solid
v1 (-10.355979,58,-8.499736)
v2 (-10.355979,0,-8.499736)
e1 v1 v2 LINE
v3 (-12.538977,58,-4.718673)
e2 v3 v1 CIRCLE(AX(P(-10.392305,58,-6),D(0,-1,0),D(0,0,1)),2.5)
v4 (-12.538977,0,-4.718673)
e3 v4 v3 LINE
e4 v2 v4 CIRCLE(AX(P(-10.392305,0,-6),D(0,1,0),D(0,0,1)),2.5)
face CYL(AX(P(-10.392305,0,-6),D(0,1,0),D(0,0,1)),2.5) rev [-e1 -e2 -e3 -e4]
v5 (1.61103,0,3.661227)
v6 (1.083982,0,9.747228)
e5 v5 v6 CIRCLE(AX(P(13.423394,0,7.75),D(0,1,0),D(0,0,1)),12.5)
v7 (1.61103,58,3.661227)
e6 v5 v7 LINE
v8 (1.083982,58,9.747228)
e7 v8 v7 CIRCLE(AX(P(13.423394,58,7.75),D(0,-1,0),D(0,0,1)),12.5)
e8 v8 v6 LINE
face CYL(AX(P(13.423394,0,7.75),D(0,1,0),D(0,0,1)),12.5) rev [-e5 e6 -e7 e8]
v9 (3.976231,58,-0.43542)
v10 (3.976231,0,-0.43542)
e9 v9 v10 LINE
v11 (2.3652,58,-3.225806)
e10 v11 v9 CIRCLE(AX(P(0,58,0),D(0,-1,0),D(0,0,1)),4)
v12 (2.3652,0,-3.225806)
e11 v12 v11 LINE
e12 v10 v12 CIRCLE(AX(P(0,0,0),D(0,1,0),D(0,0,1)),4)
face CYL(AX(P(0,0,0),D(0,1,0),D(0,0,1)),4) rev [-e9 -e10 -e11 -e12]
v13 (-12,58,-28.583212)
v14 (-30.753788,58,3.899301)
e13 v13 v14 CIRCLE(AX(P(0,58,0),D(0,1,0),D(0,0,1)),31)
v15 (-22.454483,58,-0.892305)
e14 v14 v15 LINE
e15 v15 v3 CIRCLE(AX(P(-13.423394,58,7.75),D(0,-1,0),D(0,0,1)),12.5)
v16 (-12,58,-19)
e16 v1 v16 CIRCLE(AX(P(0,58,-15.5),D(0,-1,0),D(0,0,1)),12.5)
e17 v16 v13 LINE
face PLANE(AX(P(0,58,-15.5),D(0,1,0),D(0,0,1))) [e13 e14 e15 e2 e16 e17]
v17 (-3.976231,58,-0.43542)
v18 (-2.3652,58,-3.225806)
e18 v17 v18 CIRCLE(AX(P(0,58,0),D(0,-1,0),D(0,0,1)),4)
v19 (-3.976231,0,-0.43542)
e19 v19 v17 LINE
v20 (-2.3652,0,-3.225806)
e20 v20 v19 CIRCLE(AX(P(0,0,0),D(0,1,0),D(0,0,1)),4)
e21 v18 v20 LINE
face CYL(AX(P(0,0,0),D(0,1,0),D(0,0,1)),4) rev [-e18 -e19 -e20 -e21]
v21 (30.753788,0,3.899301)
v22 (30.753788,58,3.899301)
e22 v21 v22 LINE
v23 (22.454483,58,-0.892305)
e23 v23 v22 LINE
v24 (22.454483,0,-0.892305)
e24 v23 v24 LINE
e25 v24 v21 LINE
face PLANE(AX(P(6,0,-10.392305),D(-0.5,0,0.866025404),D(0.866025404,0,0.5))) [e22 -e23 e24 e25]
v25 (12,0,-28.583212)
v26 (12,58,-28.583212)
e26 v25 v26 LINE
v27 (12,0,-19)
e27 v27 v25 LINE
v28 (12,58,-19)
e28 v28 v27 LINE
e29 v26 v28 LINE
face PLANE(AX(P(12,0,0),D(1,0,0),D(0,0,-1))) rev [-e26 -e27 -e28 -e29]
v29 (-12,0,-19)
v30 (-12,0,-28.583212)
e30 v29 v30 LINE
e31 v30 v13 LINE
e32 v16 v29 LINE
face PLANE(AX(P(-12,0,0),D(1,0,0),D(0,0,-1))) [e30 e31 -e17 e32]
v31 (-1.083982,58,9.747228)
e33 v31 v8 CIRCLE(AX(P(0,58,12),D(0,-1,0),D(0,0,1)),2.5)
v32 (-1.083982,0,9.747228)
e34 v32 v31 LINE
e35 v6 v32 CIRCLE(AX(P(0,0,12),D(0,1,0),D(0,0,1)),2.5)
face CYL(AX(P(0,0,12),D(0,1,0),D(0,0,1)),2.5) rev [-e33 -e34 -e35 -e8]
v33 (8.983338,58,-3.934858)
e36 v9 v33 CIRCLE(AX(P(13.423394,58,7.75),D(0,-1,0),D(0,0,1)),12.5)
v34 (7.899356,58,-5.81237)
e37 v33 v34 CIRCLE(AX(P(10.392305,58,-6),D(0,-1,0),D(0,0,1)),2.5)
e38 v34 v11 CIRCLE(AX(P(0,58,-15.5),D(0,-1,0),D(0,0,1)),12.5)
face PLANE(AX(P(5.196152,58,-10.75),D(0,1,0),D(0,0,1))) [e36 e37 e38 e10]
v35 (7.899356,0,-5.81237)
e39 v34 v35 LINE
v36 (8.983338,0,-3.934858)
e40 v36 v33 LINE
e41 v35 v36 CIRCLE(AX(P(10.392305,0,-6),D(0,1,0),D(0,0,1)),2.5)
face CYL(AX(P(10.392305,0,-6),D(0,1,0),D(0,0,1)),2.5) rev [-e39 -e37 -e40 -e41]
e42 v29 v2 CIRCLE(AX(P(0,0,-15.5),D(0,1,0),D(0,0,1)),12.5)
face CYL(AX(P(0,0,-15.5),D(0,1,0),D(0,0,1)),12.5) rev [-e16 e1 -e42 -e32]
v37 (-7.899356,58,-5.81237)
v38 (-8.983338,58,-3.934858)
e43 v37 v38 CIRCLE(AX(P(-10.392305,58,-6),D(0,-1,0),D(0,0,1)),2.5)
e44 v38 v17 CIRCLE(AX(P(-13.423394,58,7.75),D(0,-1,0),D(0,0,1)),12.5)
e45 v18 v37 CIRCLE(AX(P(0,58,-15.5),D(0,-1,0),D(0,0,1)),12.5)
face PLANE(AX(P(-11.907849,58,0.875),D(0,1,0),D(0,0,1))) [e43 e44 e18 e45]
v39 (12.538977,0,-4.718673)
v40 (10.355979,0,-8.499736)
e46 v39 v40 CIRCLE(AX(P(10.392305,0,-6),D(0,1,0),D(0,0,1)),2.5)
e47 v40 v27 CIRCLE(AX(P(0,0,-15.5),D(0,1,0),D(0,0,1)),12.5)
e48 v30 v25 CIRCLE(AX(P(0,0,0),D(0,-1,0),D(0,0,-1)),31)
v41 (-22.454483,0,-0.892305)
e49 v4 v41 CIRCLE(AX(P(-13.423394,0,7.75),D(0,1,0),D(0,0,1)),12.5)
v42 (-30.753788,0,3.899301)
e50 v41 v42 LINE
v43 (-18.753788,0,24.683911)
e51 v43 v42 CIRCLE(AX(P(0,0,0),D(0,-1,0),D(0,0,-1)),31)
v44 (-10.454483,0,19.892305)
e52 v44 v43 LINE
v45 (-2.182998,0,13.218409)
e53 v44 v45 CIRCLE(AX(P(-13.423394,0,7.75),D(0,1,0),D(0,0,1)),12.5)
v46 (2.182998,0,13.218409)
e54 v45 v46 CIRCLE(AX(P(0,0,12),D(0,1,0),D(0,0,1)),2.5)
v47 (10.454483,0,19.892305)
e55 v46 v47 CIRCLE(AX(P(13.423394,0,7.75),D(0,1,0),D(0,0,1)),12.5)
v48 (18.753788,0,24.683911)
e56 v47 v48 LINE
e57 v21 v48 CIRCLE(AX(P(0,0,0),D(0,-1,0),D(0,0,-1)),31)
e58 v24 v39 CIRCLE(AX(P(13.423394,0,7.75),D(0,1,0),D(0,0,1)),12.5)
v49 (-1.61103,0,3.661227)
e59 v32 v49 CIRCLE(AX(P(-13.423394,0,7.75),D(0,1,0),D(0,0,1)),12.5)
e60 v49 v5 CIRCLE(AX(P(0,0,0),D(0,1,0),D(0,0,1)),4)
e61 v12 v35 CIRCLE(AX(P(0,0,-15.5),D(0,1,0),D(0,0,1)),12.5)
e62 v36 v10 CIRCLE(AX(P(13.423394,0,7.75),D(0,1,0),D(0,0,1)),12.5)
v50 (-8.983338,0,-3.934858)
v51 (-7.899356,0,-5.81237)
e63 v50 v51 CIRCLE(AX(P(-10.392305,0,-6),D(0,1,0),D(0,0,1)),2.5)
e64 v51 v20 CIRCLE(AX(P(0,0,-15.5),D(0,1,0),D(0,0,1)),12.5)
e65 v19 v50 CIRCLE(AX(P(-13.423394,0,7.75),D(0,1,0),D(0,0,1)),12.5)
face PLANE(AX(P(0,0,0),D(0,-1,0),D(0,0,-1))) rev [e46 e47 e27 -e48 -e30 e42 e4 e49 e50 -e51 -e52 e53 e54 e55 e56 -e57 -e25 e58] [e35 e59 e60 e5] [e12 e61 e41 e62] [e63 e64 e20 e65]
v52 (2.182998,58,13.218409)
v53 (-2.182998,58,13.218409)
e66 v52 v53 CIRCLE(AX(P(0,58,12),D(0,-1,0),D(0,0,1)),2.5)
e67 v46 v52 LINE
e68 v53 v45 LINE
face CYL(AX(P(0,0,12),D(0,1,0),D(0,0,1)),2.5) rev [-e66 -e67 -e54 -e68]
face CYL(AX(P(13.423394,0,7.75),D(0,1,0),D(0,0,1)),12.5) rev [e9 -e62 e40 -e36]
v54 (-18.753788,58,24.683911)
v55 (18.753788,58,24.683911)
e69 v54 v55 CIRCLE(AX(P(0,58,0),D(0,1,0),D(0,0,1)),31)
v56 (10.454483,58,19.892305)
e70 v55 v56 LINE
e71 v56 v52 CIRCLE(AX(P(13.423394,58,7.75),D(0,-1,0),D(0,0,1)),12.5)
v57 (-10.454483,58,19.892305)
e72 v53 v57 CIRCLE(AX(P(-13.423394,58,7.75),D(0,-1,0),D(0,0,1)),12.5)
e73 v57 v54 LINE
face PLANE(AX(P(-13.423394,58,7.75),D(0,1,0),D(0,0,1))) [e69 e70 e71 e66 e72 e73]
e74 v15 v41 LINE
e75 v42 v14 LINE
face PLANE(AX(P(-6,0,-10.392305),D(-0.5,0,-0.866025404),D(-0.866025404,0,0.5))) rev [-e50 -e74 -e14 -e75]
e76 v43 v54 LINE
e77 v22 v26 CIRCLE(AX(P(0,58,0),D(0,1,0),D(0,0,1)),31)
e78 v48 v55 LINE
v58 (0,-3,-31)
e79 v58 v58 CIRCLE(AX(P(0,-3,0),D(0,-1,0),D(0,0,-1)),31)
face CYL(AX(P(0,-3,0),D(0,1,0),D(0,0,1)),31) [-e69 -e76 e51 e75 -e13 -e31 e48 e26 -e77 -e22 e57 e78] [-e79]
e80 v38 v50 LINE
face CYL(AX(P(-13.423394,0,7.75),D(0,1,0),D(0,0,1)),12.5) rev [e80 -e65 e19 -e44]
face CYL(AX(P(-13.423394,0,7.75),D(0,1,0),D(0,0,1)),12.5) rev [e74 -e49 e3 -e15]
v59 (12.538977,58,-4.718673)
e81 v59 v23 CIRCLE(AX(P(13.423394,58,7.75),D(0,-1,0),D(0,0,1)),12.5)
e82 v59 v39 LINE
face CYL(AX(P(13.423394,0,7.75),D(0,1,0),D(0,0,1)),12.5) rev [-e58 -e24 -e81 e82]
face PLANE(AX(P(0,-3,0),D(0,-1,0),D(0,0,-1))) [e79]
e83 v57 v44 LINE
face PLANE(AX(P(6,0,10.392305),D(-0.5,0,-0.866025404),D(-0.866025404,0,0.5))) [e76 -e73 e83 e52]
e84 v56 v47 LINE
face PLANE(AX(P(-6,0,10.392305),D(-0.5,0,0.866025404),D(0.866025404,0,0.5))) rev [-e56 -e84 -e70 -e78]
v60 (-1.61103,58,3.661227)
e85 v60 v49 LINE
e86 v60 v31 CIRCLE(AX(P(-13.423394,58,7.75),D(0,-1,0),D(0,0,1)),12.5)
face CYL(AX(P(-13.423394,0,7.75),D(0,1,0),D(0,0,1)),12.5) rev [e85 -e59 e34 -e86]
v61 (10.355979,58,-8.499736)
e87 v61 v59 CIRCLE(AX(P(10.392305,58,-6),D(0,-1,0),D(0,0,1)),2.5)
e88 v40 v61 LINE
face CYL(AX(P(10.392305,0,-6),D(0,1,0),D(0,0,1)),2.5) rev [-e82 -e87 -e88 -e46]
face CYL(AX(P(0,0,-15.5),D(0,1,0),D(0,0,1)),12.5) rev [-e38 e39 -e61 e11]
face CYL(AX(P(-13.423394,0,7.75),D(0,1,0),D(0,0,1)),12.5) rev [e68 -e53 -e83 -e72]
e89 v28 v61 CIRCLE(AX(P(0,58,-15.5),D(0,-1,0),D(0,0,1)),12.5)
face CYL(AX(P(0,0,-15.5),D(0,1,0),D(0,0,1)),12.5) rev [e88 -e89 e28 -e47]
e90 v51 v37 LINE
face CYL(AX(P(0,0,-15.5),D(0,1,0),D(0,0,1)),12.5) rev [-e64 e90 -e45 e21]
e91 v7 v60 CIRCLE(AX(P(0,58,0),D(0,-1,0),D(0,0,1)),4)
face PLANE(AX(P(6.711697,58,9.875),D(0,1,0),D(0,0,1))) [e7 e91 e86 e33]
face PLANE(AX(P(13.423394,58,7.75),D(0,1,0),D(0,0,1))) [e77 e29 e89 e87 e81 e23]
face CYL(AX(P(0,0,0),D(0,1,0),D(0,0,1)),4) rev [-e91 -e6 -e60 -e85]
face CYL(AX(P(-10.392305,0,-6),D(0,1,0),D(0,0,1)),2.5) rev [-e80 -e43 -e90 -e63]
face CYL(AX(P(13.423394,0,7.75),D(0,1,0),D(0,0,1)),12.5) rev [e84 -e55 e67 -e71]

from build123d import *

# Parameters (mm, degrees)
SKETCH1_R           = 31
BOSS_EXTRUDE1_DEPTH = 50
SKETCH2_R           = 12.5
CUT_EXTRUDE1_DEPTH  = 50
CUT_EXTRUDE2_DEPTH  = 50
SKETCH4_R           = 4
SKETCH4_R_2         = 2.5
CUT_EXTRUDE3_DEPTH  = 67.498120274
SKETCH6_R           = 31
BOSS_EXTRUDE2_DEPTH = 3
BOSS_EXTRUDE3_DEPTH = 8


with BuildPart() as part:
    # Sketch1 → Boss-Extrude1 (new body)
    with BuildSketch(Plane(origin=(0, 0, 0), x_dir=(1, 0, 0), z_dir=(0, 1, 0))):
        with Locations(Location((0, 0, 0), (0, 0, 270))):
            Circle(SKETCH1_R)
    extrude(amount=BOSS_EXTRUDE1_DEPTH)

    # Sketch2 → Cut-Extrude1 (cut)
    with BuildSketch(Plane(origin=(0, 50, 0), x_dir=(1, 0, 0), z_dir=(0, 1, 0))):
        with Locations(Location((0, 15.5, 0), (0, 0, 270))):
            Circle(SKETCH2_R)
        with Locations(Location((13.423393759, -7.75, 0), (0, 0, 270))):
            Circle(SKETCH2_R)
        with Locations(Location((-13.423393759, -7.75, 0), (0, 0, 270))):
            Circle(SKETCH2_R)
    extrude(amount=-CUT_EXTRUDE1_DEPTH, mode=Mode.SUBTRACT)

    # Sketch3 → Cut-Extrude2 (cut)
    with BuildSketch(Plane(origin=(0, 50, 0), x_dir=(1, 0, 0), z_dir=(0, 1, 0))):
        with BuildLine():
            ThreePointArc((-12, 19), (0, 28), (12, 19))
            Line((12, 19), (12, 28.583211856))
            ThreePointArc((12, 28.583211856), (0, 31), (-12, 28.583211856))
            Line((-12, 28.583211856), (-12, 19))
        make_face()
        with BuildLine():
            ThreePointArc((18.753787589, -24.683910773), (26.846787517, -15.5), (30.753787589, -3.899301083))
            Line((30.753787589, -3.899301083), (22.454482672, 0.892304845))
            ThreePointArc((22.454482672, 0.892304845), (24.248711306, -14), (10.454482672, -19.892304845))
            Line((10.454482672, -19.892304845), (18.753787589, -24.683910773))
        make_face()
        with BuildLine():
            Line((-22.454482672, 0.892304845), (-30.753787589, -3.899301083))
            ThreePointArc((-30.753787589, -3.899301083), (-26.846787517, -15.5), (-18.753787589, -24.683910773))
            Line((-18.753787589, -24.683910773), (-10.454482672, -19.892304845))
            ThreePointArc((-10.454482672, -19.892304845), (-24.248711306, -14), (-22.454482672, 0.892304845))
        make_face()
    extrude(amount=-CUT_EXTRUDE2_DEPTH, mode=Mode.SUBTRACT)

    # Sketch4 → Cut-Extrude3 (cut, through all)
    with BuildSketch(Plane(origin=(0, 50, 0), x_dir=(1, 0, 0), z_dir=(0, 1, 0))):
        Circle(SKETCH4_R)
        with Locations((-10.392304845, 6)):
            Circle(SKETCH4_R_2)
        with Locations((10.392304845, 6)):
            Circle(SKETCH4_R_2)
        with Locations((0, -12)):
            Circle(SKETCH4_R_2)
    extrude(amount=-CUT_EXTRUDE3_DEPTH, mode=Mode.SUBTRACT)


with BuildPart() as cut_extrude3_piece_1:
    # of the separate pieces the step leaves, piece 1, a body of its own (cut_extrude3_pieces)
    add(part.part.solids().sort_by_distance((-12.538976962, 0, -4.718673022))[0])



with BuildPart() as cut_extrude3_piece_2:
    # of the separate pieces the step leaves, piece 2, a body of its own (cut_extrude3_pieces)
    add(part.part.solids().sort_by_distance((-18.753787589, 0, 24.683910773))[0])


with BuildPart() as cut_extrude3_piece_3:
    # of the separate pieces the step leaves, piece 3, a body of its own (cut_extrude3_pieces)
    add(part.part.solids().sort_by_distance((12.538976962, 0, -4.718673022))[0])


with BuildPart() as cut_extrude3_piece_4:
    # of the separate pieces the step leaves, piece 4, a body of its own (cut_extrude3_pieces)
    add(part.part.solids().sort_by_distance((3.976230514, 0, -0.43542037))[0])


with BuildPart() as cut_extrude3_piece_5:
    # of the separate pieces the step leaves, piece 5, a body of its own (cut_extrude3_pieces)
    add(part.part.solids().sort_by_distance((-3.976230514, 0, -0.43542037))[0])


with BuildPart() as cut_extrude3_piece_6:
    # of the separate pieces the step leaves, piece 6, a body of its own (cut_extrude3_pieces)
    add(part.part.solids().sort_by_distance((-1.083982046, 0, 9.747227725))[0])


with BuildPart() as cut_extrude3_piece_1_1:
    add(cut_extrude3_piece_1.part)

    add(cut_extrude3_piece_2.part)  # Boss-Extrude2 merges Cut-Extrude3 piece 2

    add(cut_extrude3_piece_3.part)  # Boss-Extrude2 merges Cut-Extrude3 piece 3

    add(cut_extrude3_piece_4.part)  # Boss-Extrude2 merges Cut-Extrude3 piece 4

    add(cut_extrude3_piece_5.part)  # Boss-Extrude2 merges Cut-Extrude3 piece 5

    add(cut_extrude3_piece_6.part)  # Boss-Extrude2 merges Cut-Extrude3 piece 6
    # Sketch6 → Boss-Extrude2 (add)
    with BuildSketch(Plane.XZ):
        with Locations(Location((0, 0, 0), (0, 0, 127.226027599))):
            Circle(SKETCH6_R)
    extrude(amount=BOSS_EXTRUDE2_DEPTH)

    # Sketch7 → Boss-Extrude3 (add)
    with BuildSketch(Plane(origin=(0, 50, 0), x_dir=(1, 0, 0), z_dir=(0, 1, 0))):
        with BuildLine():
            Line((-10.454482672, -19.892304845), (-18.753787589, -24.683910773))
            ThreePointArc((-18.753787589, -24.683910773), (0, -31), (18.753787589, -24.683910773))
            Line((18.753787589, -24.683910773), (10.454482672, -19.892304845))
            ThreePointArc((10.454482672, -19.892304845), (5.574105702, -17.478241208), (2.182997772, -13.218409097))
            ThreePointArc((2.182997772, -13.218409097), (0, -14.5), (-2.182997772, -13.218409097))
            ThreePointArc((-2.182997772, -13.218409097), (-5.574105702, -17.478241208), (-10.454482672, -19.892304845))
        make_face()
        with BuildLine():
            Line((22.454482672, 0.892304845), (30.753787589, -3.899301083))
            ThreePointArc((30.753787589, -3.899301083), (26.846787517, 15.5), (12, 28.583211856))
            Line((12, 28.583211856), (12, 19))
            ThreePointArc((12, 19), (12.349548049, 13.566437746), (10.35597919, 8.499736075))
            ThreePointArc((10.35597919, 8.499736075), (12.557368355, 7.25), (12.538976962, 4.718673022))
            ThreePointArc((12.538976962, 4.718673022), (17.923653751, 3.911803463), (22.454482672, 0.892304845))
        make_face()
        with BuildLine():
            Line((-12, 19), (-12, 28.583211856))
            ThreePointArc((-12, 28.583211856), (-26.846787517, 15.5), (-30.753787589, -3.899301083))
            Line((-30.753787589, -3.899301083), (-22.454482672, 0.892304845))
            ThreePointArc((-22.454482672, 0.892304845), (-17.923653751, 3.911803463), (-12.538976962, 4.718673022))
            ThreePointArc((-12.538976962, 4.718673022), (-12.557368355, 7.25), (-10.35597919, 8.499736075))
            ThreePointArc((-10.35597919, 8.499736075), (-12.349548049, 13.566437746), (-12, 19))
        make_face()
        with BuildLine():
            ThreePointArc((1.083982046, -9.747227725), (0, -9.5), (-1.083982046, -9.747227725))
            ThreePointArc((-1.083982046, -9.747227725), (-0.97000408, -6.671535571), (-1.611030155, -3.661226821))
            ThreePointArc((-1.611030155, -3.661226821), (0, -4), (1.611030155, -3.661226821))
            ThreePointArc((1.611030155, -3.661226821), (0.97000408, -6.671535571), (1.083982046, -9.747227725))
        make_face()
        with BuildLine():
            ThreePointArc((7.899355803, 5.812369851), (8.227241336, 4.75), (8.983337849, 3.934857873))
            ThreePointArc((8.983337849, 3.934857873), (6.262721327, 2.49571961), (3.976230514, 0.43542037))
            ThreePointArc((3.976230514, 0.43542037), (3.464101615, 2), (2.365200359, 3.225806452))
            ThreePointArc((2.365200359, 3.225806452), (5.292717247, 4.175815961), (7.899355803, 5.812369851))
        make_face()
        with BuildLine():
            ThreePointArc((-8.983337849, 3.934857873), (-8.227241336, 4.75), (-7.899355803, 5.812369851))
            ThreePointArc((-7.899355803, 5.812369851), (-5.292717247, 4.175815961), (-2.365200359, 3.225806452))
            ThreePointArc((-2.365200359, 3.225806452), (-3.464101615, 2), (-3.976230514, 0.43542037))
            ThreePointArc((-3.976230514, 0.43542037), (-6.262721327, 2.49571961), (-8.983337849, 3.934857873))
        make_face()
    extrude(amount=BOSS_EXTRUDE3_DEPTH)


solid = cut_extrude3_piece_1_1.part
